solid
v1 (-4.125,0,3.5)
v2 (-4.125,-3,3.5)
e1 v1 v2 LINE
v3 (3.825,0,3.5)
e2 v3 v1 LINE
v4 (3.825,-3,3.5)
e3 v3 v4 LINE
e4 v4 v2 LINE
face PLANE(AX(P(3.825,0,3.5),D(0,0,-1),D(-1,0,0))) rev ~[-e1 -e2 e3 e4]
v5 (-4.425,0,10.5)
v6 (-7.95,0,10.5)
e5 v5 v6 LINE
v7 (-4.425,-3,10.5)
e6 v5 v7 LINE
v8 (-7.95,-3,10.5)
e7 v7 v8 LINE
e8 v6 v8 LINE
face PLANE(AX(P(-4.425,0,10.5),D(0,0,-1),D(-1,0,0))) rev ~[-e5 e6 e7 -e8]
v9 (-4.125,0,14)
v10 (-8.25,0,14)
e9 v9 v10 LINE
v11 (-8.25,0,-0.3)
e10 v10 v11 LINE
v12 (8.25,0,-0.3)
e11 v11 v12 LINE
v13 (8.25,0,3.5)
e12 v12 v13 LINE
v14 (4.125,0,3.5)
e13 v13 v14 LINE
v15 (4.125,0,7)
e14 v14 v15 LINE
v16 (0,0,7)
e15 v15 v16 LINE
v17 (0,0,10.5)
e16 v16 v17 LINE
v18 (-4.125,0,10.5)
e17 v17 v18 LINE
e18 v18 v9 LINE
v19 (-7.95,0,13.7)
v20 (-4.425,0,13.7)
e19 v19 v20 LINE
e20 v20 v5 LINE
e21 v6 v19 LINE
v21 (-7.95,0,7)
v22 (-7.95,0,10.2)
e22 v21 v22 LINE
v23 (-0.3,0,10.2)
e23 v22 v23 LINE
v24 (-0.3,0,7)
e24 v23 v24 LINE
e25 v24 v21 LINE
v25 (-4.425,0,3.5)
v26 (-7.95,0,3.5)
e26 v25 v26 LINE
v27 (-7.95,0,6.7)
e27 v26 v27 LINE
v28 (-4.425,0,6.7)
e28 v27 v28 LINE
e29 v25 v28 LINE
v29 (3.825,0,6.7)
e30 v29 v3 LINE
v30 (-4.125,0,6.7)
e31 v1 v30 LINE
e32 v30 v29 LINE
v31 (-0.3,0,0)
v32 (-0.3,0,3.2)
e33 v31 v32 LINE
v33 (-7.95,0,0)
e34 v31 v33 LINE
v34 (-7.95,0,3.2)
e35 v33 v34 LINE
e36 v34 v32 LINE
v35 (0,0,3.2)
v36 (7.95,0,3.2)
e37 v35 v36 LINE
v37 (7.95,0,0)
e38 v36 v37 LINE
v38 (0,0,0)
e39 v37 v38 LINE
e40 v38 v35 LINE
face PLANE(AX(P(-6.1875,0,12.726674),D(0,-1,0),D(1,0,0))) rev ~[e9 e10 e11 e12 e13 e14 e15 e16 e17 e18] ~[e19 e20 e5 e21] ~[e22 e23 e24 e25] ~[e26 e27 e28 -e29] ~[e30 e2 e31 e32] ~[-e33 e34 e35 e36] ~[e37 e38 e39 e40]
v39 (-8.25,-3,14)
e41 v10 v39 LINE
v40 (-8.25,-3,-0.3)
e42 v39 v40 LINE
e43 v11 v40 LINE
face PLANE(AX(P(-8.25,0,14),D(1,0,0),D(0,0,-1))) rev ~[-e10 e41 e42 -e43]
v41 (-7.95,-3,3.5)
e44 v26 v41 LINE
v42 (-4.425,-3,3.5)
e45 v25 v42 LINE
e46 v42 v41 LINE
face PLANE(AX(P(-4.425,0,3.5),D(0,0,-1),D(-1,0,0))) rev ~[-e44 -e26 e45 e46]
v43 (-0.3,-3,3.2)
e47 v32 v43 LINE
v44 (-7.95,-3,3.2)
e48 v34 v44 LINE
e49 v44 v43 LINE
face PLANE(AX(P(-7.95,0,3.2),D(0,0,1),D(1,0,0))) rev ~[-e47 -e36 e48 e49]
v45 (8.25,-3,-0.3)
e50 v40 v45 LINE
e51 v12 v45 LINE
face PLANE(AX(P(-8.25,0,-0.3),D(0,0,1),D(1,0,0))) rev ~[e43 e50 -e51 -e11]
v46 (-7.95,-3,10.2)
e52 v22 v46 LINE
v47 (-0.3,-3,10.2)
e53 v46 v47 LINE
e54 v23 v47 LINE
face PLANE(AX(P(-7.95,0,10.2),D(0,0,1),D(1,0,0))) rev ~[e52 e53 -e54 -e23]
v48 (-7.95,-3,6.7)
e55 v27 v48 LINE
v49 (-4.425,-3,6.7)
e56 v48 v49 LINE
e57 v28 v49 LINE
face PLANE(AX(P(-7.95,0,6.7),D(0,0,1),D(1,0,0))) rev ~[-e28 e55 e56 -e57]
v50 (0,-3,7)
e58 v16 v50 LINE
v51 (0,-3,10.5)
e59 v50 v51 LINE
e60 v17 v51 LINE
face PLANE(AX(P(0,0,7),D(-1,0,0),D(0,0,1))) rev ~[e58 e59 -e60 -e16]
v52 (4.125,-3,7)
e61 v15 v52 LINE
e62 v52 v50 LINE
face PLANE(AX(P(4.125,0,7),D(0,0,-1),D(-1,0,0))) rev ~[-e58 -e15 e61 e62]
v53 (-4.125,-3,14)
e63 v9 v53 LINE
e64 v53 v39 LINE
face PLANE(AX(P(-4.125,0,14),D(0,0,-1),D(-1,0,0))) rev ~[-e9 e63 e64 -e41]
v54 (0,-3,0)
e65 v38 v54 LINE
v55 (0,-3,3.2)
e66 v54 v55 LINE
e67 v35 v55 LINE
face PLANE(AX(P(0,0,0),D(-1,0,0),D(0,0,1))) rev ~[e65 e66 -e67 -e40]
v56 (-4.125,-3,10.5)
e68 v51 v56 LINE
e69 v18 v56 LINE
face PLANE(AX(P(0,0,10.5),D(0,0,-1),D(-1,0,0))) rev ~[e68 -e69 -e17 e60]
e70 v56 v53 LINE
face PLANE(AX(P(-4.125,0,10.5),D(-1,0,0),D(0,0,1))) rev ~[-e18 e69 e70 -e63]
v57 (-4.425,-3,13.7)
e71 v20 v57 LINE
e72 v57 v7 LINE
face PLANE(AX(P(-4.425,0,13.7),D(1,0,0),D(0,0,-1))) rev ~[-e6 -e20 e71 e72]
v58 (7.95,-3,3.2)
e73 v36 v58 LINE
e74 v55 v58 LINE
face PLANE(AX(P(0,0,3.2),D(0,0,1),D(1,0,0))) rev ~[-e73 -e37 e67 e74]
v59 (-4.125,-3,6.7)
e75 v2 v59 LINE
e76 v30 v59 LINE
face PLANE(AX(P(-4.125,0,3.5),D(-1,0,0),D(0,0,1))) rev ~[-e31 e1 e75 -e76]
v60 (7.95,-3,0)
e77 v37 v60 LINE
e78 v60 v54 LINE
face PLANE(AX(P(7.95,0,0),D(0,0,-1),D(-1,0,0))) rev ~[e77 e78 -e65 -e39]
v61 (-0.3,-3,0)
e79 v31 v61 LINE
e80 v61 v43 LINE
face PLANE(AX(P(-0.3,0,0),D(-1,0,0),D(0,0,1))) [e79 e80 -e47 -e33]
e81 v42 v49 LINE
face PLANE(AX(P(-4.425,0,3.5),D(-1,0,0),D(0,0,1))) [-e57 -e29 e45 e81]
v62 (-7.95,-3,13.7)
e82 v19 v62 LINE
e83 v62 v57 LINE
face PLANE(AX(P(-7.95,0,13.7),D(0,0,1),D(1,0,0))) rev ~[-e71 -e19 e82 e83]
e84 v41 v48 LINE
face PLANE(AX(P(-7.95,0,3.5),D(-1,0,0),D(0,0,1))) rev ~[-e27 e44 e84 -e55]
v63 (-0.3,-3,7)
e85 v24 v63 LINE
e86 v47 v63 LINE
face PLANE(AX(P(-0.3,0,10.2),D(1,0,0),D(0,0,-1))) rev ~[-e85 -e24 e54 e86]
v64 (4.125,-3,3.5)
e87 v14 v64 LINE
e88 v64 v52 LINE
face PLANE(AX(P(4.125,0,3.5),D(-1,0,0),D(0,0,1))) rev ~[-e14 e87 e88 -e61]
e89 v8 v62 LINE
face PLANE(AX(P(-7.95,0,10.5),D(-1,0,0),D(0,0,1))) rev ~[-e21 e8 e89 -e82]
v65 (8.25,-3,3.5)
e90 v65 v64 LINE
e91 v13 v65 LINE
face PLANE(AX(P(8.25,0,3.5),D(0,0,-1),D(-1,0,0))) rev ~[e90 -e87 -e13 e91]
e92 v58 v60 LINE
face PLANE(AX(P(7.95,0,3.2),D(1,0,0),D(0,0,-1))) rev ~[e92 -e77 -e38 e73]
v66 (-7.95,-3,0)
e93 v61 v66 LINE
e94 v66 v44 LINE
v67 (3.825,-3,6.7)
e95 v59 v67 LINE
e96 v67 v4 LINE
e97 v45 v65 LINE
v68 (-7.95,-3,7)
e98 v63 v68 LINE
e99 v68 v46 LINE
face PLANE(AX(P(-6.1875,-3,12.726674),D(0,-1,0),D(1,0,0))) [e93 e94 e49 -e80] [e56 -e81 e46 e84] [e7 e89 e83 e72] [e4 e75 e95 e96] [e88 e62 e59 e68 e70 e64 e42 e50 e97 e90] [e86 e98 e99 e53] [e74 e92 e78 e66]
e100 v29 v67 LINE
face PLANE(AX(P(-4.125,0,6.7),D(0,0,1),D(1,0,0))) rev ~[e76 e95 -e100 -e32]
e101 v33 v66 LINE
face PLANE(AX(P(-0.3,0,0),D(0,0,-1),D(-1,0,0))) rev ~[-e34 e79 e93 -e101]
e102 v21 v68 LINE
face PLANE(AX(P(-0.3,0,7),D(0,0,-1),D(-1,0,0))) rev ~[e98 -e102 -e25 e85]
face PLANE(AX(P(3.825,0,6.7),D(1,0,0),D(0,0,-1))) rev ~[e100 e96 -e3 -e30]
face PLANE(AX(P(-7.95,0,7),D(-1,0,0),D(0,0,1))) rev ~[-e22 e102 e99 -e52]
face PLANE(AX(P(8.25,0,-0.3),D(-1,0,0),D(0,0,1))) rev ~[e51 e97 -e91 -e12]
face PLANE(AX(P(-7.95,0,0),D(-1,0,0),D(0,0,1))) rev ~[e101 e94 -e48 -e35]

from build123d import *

# Parameters (mm, degrees)
F0_W     = 0.3
F0_H     = 3.2
F1_DEPTH = 3


with BuildPart() as f1:
    # F0 (on Front) → F1 (new body)
    with BuildSketch(Plane.XZ):
        Polygon((-4.425, 10.5), (-4.125, 10.5), (-4.125, 14), (-8.25, 14), (-8.25, 10.5), (-7.95, 10.5), (-7.95, 13.7), (-4.425, 13.7), align=None)
        Polygon((-0.3, 7), (0, 7), (0, 10.5), (-4.125, 10.5), (-4.425, 10.5), (-7.95, 10.5), (-8.25, 10.5), (-8.25, 7), (-7.95, 7), (-7.95, 10.2), (-0.3, 10.2), align=None)
        Polygon((3.825, 3.5), (4.125, 3.5), (4.125, 7), (0, 7), (-0.3, 7), (-7.95, 7), (-8.25, 7), (-8.25, 3.5), (-7.95, 3.5), (-7.95, 6.7), (-4.425, 6.7), (-4.125, 6.7), (3.825, 6.7), align=None)
        with Locations((-4.275, 5.1)):
            Rectangle(F0_W, F0_H)
        Polygon((7.95, 0), (8.25, 0), (8.25, 3.5), (4.125, 3.5), (3.825, 3.5), (-4.125, 3.5), (-4.425, 3.5), (-7.95, 3.5), (-8.25, 3.5), (-8.25, 0), (-7.95, 0), (-7.95, 3.2), (-0.3, 3.2), (0, 3.2), (7.95, 3.2), align=None)
        with Locations((-0.15, 1.6)):
            Rectangle(F0_W, F0_H)
        Polygon((8.25, -0.3), (8.25, 0), (7.95, 0), (0, 0), (-0.3, 0), (-7.95, 0), (-8.25, 0), (-8.25, -0.3), align=None)
    extrude(amount=F1_DEPTH)


solid = f1.part
